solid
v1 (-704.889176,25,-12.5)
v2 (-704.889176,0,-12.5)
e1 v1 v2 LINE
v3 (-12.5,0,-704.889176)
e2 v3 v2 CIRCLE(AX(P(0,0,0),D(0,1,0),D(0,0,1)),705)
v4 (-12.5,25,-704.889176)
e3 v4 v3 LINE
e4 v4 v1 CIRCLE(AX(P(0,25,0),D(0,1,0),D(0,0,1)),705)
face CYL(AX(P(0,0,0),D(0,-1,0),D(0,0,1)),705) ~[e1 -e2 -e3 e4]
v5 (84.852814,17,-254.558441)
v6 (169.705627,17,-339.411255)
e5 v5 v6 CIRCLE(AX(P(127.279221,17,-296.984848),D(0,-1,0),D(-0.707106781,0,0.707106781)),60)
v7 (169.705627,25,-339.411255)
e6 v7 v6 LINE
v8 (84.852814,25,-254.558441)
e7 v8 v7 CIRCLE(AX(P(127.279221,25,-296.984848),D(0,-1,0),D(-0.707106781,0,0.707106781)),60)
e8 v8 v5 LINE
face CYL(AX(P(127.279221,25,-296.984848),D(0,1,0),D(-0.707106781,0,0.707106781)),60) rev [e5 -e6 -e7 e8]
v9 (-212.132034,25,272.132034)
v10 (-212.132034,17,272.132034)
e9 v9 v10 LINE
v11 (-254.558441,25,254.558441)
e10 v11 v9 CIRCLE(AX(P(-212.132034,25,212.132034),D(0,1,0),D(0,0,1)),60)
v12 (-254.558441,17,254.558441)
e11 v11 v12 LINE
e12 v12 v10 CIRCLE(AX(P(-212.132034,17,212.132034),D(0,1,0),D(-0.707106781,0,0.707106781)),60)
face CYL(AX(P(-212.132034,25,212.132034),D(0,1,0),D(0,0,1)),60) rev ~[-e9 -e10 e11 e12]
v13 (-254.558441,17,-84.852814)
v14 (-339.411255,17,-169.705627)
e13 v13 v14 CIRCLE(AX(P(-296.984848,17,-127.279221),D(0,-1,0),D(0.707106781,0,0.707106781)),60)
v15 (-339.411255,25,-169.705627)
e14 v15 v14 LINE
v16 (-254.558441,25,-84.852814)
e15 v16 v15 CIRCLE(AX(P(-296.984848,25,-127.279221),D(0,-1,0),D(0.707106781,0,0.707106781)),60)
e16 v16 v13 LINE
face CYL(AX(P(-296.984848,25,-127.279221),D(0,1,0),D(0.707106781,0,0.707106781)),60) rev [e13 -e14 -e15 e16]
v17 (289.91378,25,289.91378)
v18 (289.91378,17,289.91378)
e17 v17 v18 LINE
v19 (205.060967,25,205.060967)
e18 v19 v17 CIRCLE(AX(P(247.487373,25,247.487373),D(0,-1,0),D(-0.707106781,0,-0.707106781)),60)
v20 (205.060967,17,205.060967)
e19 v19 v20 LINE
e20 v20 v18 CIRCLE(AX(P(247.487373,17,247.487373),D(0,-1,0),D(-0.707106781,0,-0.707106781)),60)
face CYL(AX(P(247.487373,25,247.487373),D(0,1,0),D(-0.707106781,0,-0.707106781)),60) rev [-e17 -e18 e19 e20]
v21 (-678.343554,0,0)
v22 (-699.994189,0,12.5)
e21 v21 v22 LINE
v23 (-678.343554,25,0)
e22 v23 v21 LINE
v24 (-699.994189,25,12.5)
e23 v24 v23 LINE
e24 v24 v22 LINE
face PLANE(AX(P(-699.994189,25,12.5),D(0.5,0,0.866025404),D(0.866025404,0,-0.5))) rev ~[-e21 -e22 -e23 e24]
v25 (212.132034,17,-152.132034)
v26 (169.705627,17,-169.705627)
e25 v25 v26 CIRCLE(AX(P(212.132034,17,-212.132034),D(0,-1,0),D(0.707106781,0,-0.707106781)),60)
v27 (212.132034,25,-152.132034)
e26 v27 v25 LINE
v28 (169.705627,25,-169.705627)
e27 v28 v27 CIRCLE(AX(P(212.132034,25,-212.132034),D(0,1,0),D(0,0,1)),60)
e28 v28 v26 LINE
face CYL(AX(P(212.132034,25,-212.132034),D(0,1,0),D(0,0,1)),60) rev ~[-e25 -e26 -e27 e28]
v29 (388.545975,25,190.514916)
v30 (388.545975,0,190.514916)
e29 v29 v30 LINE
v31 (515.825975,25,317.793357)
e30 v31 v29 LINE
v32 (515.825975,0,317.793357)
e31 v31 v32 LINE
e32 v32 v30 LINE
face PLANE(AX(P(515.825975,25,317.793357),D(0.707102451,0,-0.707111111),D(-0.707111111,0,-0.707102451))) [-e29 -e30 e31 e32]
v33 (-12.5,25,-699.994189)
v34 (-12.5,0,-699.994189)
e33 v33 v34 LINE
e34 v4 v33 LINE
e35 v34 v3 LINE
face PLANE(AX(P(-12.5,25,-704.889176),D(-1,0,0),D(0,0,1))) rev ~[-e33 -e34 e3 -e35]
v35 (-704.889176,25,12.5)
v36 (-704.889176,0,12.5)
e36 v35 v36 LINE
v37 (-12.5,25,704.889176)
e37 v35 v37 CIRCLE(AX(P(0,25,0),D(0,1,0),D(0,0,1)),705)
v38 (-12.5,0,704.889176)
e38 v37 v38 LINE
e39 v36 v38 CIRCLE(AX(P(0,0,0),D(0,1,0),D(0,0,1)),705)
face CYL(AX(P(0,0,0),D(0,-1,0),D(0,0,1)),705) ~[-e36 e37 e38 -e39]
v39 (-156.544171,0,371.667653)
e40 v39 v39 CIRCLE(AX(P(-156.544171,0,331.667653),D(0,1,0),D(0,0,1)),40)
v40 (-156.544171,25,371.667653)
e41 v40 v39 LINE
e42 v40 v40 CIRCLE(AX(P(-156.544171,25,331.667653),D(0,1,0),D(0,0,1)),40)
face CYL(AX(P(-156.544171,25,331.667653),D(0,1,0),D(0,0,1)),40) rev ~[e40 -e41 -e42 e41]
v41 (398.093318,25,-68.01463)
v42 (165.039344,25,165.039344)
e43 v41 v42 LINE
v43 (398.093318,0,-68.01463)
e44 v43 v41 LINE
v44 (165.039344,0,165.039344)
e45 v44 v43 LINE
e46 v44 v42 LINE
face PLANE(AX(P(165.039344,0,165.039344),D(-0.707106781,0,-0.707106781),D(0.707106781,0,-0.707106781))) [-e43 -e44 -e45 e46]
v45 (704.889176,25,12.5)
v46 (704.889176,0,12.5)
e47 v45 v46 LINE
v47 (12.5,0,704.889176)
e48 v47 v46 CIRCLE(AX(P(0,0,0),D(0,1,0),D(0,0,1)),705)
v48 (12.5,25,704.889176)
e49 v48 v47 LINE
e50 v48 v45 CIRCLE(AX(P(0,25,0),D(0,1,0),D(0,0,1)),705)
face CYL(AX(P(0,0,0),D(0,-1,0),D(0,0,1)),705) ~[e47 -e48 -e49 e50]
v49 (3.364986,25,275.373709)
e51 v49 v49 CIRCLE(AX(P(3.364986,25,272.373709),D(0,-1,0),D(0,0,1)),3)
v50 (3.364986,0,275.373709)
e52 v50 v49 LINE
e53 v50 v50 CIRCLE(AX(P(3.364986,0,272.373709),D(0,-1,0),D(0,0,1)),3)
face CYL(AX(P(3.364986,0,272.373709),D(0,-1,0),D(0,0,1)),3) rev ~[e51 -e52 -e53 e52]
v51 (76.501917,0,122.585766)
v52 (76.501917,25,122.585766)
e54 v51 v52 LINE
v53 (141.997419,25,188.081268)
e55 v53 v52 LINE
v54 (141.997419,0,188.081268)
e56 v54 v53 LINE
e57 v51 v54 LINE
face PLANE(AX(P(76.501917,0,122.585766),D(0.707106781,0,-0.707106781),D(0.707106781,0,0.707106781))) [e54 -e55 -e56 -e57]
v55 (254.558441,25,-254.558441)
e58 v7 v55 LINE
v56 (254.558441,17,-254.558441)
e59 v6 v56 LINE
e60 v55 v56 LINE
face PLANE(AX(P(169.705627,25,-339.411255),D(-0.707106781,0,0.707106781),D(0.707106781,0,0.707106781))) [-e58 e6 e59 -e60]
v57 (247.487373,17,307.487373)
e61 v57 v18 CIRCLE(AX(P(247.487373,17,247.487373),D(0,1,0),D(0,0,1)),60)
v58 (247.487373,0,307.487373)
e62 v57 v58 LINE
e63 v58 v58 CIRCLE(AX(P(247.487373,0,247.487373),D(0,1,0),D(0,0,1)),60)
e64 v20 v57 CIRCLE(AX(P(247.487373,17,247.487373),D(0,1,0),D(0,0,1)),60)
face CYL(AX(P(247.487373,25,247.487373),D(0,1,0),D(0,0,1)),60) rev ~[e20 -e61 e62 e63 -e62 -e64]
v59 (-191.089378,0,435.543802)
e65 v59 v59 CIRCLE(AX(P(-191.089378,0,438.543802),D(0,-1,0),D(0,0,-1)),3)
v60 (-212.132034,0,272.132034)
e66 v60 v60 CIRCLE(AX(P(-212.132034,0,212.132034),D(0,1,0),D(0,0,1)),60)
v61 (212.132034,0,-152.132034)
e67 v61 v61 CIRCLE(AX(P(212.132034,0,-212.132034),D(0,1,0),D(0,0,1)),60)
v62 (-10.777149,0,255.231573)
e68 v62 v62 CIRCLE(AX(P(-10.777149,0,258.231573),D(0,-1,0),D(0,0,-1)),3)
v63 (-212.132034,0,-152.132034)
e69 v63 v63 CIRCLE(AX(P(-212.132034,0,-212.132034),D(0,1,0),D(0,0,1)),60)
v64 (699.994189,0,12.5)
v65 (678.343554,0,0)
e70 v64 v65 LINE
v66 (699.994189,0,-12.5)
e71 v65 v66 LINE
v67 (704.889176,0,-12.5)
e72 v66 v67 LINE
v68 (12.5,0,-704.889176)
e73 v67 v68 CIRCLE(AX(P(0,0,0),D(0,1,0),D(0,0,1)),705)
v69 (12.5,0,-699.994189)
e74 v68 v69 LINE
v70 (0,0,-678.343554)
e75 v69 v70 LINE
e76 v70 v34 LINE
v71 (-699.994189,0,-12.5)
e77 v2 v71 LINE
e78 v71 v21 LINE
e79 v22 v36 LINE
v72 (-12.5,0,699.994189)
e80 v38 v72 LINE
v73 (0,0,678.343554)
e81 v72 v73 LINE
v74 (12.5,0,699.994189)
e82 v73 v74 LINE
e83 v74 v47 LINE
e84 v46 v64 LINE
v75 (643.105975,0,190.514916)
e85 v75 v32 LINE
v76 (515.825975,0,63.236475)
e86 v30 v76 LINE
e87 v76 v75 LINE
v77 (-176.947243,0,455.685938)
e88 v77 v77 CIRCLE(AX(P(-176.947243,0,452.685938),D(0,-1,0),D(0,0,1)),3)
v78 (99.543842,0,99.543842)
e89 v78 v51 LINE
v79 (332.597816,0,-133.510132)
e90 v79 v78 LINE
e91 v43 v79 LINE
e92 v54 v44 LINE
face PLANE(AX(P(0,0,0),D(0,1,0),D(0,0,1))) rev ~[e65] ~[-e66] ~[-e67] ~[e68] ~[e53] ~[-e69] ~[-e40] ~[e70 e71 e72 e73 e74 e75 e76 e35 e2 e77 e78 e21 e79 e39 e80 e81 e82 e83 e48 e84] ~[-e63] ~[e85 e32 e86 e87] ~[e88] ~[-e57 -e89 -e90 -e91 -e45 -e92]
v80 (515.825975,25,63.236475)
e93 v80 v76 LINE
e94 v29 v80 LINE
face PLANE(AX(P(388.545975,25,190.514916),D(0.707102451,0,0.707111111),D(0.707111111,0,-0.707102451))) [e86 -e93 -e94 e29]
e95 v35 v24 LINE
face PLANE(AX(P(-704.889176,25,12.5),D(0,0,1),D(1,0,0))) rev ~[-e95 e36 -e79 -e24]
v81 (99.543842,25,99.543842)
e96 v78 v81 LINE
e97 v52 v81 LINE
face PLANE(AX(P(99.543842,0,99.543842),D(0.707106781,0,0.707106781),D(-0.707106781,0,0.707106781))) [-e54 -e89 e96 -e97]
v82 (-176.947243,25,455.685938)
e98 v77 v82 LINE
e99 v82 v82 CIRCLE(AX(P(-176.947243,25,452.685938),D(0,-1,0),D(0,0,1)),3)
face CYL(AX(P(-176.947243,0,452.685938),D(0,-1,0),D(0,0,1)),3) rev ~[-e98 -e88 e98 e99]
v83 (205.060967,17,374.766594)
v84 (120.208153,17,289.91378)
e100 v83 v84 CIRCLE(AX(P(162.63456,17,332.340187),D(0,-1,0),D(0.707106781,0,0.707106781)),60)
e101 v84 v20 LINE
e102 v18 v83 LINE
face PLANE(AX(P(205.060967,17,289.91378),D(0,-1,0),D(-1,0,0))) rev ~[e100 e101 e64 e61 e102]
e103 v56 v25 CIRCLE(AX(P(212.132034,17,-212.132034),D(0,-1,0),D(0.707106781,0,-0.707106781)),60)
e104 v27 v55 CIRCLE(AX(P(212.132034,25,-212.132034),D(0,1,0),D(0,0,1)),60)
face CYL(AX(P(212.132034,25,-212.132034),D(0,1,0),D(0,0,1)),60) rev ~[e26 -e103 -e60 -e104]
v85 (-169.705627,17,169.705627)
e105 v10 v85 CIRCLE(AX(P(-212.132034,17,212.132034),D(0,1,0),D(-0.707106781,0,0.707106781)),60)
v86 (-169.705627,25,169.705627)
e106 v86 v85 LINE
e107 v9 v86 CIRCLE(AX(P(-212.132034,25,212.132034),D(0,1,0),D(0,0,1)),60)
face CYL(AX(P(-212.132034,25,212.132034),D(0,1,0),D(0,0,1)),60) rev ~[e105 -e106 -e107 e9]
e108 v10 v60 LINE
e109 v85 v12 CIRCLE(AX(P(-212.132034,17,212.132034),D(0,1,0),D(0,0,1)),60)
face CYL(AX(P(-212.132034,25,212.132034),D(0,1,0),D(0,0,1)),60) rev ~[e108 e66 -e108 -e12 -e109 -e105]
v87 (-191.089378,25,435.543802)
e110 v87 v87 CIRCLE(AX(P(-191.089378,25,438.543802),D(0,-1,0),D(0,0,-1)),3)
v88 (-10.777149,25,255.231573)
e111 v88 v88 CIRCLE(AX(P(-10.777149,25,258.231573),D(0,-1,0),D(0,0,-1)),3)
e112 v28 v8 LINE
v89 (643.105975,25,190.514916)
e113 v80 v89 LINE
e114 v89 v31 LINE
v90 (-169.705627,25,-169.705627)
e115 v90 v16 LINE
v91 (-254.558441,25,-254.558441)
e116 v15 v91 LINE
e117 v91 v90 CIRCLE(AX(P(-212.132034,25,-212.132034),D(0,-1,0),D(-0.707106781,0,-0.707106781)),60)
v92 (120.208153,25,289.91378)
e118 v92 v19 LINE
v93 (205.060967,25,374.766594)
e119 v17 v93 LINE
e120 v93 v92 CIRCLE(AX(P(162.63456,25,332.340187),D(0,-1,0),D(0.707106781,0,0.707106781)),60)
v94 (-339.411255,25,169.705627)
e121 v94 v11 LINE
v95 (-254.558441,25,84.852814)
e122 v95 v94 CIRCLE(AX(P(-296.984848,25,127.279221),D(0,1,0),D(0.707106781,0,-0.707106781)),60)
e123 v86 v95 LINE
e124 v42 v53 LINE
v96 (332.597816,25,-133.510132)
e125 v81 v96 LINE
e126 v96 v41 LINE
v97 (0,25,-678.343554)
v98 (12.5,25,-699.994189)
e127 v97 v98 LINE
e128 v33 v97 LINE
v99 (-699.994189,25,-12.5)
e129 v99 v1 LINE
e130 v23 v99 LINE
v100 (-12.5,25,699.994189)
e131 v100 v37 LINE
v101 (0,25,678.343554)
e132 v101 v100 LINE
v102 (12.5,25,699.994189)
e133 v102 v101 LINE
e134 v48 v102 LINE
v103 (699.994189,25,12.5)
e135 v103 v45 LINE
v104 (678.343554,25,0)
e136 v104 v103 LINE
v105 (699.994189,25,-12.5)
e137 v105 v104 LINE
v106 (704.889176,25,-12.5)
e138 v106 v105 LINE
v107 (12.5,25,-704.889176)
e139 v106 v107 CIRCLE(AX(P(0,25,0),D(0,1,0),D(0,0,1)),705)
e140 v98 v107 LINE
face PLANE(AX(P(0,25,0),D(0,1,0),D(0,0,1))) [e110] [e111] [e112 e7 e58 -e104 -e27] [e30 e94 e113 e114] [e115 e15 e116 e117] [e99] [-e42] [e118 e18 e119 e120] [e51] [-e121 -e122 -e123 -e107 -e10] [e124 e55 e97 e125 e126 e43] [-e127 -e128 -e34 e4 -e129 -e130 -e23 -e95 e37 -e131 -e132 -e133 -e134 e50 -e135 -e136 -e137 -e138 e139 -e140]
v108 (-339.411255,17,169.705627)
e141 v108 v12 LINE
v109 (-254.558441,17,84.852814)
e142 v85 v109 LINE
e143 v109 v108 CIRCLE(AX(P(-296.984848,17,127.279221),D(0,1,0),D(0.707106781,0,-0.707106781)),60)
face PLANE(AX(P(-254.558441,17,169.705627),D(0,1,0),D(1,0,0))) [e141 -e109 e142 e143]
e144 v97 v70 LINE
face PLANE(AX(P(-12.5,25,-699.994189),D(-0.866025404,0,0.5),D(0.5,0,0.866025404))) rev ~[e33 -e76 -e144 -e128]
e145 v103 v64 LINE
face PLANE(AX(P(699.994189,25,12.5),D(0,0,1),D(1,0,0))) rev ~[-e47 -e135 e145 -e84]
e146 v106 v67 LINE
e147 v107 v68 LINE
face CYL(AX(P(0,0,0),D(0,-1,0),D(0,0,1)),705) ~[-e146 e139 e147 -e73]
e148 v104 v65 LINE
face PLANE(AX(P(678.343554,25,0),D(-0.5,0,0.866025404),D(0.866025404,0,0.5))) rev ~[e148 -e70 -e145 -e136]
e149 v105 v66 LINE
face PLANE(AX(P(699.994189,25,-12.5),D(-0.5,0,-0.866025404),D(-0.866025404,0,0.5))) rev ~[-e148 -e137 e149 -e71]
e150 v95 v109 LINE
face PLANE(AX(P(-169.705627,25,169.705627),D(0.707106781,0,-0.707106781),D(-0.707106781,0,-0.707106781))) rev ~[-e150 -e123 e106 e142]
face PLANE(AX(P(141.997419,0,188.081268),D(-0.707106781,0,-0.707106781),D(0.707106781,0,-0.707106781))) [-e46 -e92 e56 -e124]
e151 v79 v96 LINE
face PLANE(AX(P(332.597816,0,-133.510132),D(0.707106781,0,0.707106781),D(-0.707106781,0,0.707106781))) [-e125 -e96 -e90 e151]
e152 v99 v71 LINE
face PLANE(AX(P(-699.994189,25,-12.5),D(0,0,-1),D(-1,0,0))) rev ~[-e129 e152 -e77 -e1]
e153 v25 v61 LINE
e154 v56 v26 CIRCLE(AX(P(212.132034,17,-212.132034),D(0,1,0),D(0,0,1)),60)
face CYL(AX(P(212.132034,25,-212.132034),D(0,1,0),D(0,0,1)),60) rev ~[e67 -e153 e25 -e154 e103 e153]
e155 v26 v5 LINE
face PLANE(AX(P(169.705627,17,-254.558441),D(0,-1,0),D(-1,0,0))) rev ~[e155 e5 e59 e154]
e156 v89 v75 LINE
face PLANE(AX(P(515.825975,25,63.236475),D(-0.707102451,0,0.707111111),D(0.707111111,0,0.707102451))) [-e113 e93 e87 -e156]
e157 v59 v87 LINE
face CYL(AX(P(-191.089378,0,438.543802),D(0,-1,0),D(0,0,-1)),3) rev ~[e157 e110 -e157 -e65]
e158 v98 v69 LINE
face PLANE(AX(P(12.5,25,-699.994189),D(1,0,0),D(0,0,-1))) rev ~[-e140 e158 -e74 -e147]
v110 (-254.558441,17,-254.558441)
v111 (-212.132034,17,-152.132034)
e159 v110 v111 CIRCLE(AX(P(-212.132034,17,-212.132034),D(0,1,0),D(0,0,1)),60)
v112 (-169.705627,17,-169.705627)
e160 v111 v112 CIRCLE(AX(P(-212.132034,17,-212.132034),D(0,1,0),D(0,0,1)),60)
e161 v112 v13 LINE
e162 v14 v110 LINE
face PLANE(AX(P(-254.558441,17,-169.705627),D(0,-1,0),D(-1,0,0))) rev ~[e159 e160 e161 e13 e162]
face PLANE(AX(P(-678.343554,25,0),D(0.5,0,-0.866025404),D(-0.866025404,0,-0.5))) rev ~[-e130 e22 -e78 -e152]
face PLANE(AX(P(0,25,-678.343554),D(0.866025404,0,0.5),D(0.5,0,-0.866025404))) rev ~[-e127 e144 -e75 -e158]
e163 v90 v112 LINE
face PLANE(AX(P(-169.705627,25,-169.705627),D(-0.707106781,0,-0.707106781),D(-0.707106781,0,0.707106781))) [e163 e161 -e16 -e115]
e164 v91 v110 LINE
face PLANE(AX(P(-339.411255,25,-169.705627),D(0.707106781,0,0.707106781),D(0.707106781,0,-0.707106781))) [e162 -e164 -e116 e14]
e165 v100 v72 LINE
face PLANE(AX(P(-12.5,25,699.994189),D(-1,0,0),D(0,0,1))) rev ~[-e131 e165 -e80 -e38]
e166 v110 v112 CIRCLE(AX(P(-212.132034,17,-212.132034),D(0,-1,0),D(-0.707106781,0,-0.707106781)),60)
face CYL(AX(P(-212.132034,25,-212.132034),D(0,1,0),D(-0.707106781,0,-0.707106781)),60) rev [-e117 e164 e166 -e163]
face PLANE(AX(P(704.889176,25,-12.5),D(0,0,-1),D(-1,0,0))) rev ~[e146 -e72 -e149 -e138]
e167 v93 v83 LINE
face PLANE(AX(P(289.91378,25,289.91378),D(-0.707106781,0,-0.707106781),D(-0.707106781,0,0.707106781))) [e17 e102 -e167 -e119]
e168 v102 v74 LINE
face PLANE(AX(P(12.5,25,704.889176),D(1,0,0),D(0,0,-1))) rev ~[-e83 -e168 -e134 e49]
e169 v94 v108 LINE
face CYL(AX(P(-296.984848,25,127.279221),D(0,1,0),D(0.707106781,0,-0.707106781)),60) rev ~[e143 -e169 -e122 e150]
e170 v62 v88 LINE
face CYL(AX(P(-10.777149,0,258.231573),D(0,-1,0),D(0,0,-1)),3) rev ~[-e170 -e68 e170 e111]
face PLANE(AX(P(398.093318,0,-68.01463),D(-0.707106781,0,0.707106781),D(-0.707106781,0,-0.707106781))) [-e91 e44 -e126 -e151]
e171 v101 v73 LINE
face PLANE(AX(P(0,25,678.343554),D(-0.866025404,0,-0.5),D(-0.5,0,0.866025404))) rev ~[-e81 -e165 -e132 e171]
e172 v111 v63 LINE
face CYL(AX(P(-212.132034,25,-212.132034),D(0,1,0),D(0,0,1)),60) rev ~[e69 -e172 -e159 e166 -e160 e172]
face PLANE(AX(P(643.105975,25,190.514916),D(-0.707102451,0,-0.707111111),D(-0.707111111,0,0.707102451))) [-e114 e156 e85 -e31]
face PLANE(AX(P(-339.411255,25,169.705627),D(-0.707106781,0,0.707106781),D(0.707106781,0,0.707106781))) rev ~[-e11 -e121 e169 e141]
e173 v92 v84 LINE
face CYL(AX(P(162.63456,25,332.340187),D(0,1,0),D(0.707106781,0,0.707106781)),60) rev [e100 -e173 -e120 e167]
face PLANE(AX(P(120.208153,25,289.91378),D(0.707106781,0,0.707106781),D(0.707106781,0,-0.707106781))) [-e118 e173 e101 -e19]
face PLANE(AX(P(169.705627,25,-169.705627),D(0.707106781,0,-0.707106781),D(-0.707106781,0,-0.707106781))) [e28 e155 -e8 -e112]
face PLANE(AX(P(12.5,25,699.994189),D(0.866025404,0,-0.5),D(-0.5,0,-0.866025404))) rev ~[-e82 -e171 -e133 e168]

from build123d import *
from build123d.topology import SkipClean

# Parameters (mm, degrees)
SKETCH_1_R               = 705
EXTRUDE_1_DEPTH          = 25
CUT_EXTRUDE_1_REACH      = 999.334
PATTERN_CIRCULAR_1_COUNT = 4
CUT_EXTRUDE_2_REACH      = 999.177
SKETCH_8_R               = 60
CUT_EXTRUDE_3_DEPTH      = 998.177266087
CUT_EXTRUDE_7_DEPTH      = 998.177266087
CUT_EXTRUDE_8_DEPTH      = 998.177266087
SKETCH_18_R              = 40
CUT_EXTRUDE_13_DEPTH     = 998.177266087
SKETCH_19_R              = 3
CUT_EXTRUDE_14_DEPTH     = 100
CUT_EXTRUDE_15_DEPTH     = 8


with BuildPart() as part:
    # 草图1 → 凸台-拉伸1 (new body)
    with BuildSketch(Plane(origin=(0, 0, 0), x_dir=(1, 0, 0), z_dir=(0, 1, 0))):
        with Locations(Location((0, 0, 0), (0, 0, 270))):
            Circle(SKETCH_1_R)
    extrude(amount=EXTRUDE_1_DEPTH)

    # 草图2 → 切除-拉伸1 (cut, up to next)
    with BuildSketch(Plane(origin=(0, 25, 0), x_dir=(1, 0, 0), z_dir=(0, 1, 0)), mode=Mode.PRIVATE) as cut_extrude_1_sk1:
        with BuildLine():
            Line((-12.5, -699.994189271), (-12.5, -704.889175687))
            ThreePointArc((-12.5, -704.889175687), (0, -705), (12.5, -704.889175687))
            Line((12.5, -704.889175687), (12.5, -699.994189271))
            Line((12.5, -699.994189271), (0, -678.343554177))
            Line((0, -678.343554177), (-12.5, -699.994189271))
        make_face()
    cut_extrude_1_tool1 = extrude(cut_extrude_1_sk1.sketch, amount=-CUT_EXTRUDE_1_REACH, mode=Mode.PRIVATE) & part.part
    cut_extrude_1 = cut_extrude_1_tool1.solids().sort_by_distance((0, 25, 695.82939))[0]
    add(cut_extrude_1, mode=Mode.SUBTRACT)

    # 阵列(圆周)1: 切除-拉伸1 ×4 about axis
    pattern_circular_1_axis = Axis((0, 0, 0), (0, 1, 0))
    for i in range(1, PATTERN_CIRCULAR_1_COUNT):
        add(cut_extrude_1.rotate(pattern_circular_1_axis, i * 360 / PATTERN_CIRCULAR_1_COUNT), mode=Mode.SUBTRACT)

    # 草图8 → 切除-拉伸2 (cut, up to next)
    with BuildSketch(Plane(origin=(0, 25, 0), x_dir=(1, 0, 0), z_dir=(0, 1, 0)), mode=Mode.PRIVATE) as cut_extrude_2_sk1:
        with Locations(Location((247.487373415, -247.487373415, 0), (0, 0, 270))):
            Circle(SKETCH_8_R)
    cut_extrude_2_tool1 = extrude(cut_extrude_2_sk1.sketch, amount=-CUT_EXTRUDE_2_REACH, mode=Mode.PRIVATE) & part.part
    # 草图8 → 切除-拉伸2 (cut, up to next)
    with BuildSketch(Plane(origin=(0, 25, 0), x_dir=(1, 0, 0), z_dir=(0, 1, 0)), mode=Mode.PRIVATE) as cut_extrude_2_sk2:
        with Locations(Location((-212.132034356, -212.132034356, 0), (0, 0, 270))):
            Circle(SKETCH_8_R)
    cut_extrude_2_tool2 = extrude(cut_extrude_2_sk2.sketch, amount=-CUT_EXTRUDE_2_REACH, mode=Mode.PRIVATE) & part.part
    # 草图8 → 切除-拉伸2 (cut, up to next)
    with BuildSketch(Plane(origin=(0, 25, 0), x_dir=(1, 0, 0), z_dir=(0, 1, 0)), mode=Mode.PRIVATE) as cut_extrude_2_sk3:
        with Locations(Location((-212.132034356, 212.132034356, 0), (0, 0, 270))):
            Circle(SKETCH_8_R)
    cut_extrude_2_tool3 = extrude(cut_extrude_2_sk3.sketch, amount=-CUT_EXTRUDE_2_REACH, mode=Mode.PRIVATE) & part.part
    # 草图8 → 切除-拉伸2 (cut, up to next)
    with BuildSketch(Plane(origin=(0, 25, 0), x_dir=(1, 0, 0), z_dir=(0, 1, 0)), mode=Mode.PRIVATE) as cut_extrude_2_sk4:
        with Locations(Location((212.132034356, 212.132034356, 0), (0, 0, 270))):
            Circle(SKETCH_8_R)
    cut_extrude_2_tool4 = extrude(cut_extrude_2_sk4.sketch, amount=-CUT_EXTRUDE_2_REACH, mode=Mode.PRIVATE) & part.part
    add(cut_extrude_2_tool1.solids().sort_by_distance((247.487373, 25, 247.487373))[0], mode=Mode.SUBTRACT)
    add(cut_extrude_2_tool2.solids().sort_by_distance((-212.132034, 25, 212.132034))[0], mode=Mode.SUBTRACT)
    add(cut_extrude_2_tool3.solids().sort_by_distance((-212.132034, 25, -212.132034))[0], mode=Mode.SUBTRACT)
    add(cut_extrude_2_tool4.solids().sort_by_distance((212.132034, 25, -212.132034))[0], mode=Mode.SUBTRACT)

    # 草图9 → 切除-拉伸3 (cut, through all)
    with BuildSketch(Plane(origin=(0, 25, 0), x_dir=(1, 0, 0), z_dir=(0, 1, 0))):
        Polygon((388.545974556, -190.514916099), (515.825974556, -63.236474876), (643.105974556, -190.514916099), (515.825974556, -317.793357321), align=None)
    extrude(amount=-CUT_EXTRUDE_3_DEPTH, mode=Mode.SUBTRACT)

    # 草图13 → 切除-拉伸7 (cut, through all)
    with BuildSketch(Plane.XZ):
        Polygon((165.039343844, 165.039343844), (398.093317994, -68.014630305), (332.597815836, -133.510132463), (99.543841687, 99.543841687), align=None)
    extrude(amount=-CUT_EXTRUDE_7_DEPTH, mode=Mode.SUBTRACT)

    # 草图14 → 切除-拉伸8 (cut, through all)
    with BuildSketch(Plane.XZ):
        Polygon((165.039343844, 165.039343844), (99.543841687, 99.543841687), (76.501917102, 122.585766271), (141.99741926, 188.081268429), align=None)
    extrude(amount=-CUT_EXTRUDE_8_DEPTH, mode=Mode.SUBTRACT)

    # 草图18 → 切除-拉伸13 (cut, through all)
    with BuildSketch(Plane(origin=(0, 25, 0), x_dir=(1, 0, 0), z_dir=(0, 1, 0))):
        with Locations(Location((-156.54417142, -331.667653242, 0), (0, 0, 270))):
            Circle(SKETCH_18_R)
    extrude(amount=-CUT_EXTRUDE_13_DEPTH, mode=Mode.SUBTRACT)

    # 草图19 → 切除-拉伸14 (cut)
    with BuildSketch(Plane.XZ):
        with Locations(Location((-10.777149233, 258.231573261, 0), (0, 0, 270))):
            Circle(SKETCH_19_R)
        with Locations(Location((-191.089378436, 438.543802464, 0), (0, 0, 270))):
            Circle(SKETCH_19_R)
        with Locations(Location((3.36498639, 272.373708885, 0), (0, 0, 90))):
            Circle(SKETCH_19_R)
        with Locations(Location((-176.947242812, 452.685938088, 0), (0, 0, 90))):
            Circle(SKETCH_19_R)
    extrude(amount=-CUT_EXTRUDE_14_DEPTH, mode=Mode.SUBTRACT)

    # 草图20 → 切除-拉伸15 (cut)
    with SkipClean():  # the faces are left unmerged after this step: merging them gives an invalid solid
        with BuildSketch(Plane(origin=(0, 25, 0), x_dir=(1, 0, 0), z_dir=(0, 1, 0))):
            with BuildLine():
                Line((169.705627485, 169.705627485), (84.852813742, 254.558441227))
                ThreePointArc((84.852813742, 254.558441227), (84.852813742, 339.41125497), (169.705627485, 339.41125497))
                Line((169.705627485, 339.41125497), (254.558441227, 254.558441227))
                ThreePointArc((254.558441227, 254.558441227), (254.558441227, 169.705627485), (169.705627485, 169.705627485))
            make_face()
            with BuildLine():
                Line((-169.705627485, -169.705627485), (-254.558441227, -84.852813742))
                ThreePointArc((-254.558441227, -84.852813742), (-339.41125497, -84.852813742), (-339.41125497, -169.705627485))
                Line((-339.41125497, -169.705627485), (-254.558441227, -254.558441227))
                ThreePointArc((-254.558441227, -254.558441227), (-169.705627485, -254.558441227), (-169.705627485, -169.705627485))
            make_face()
            with BuildLine():
                Line((-169.705627485, 169.705627485), (-254.558441227, 84.852813742))
                ThreePointArc((-254.558441227, 84.852813742), (-339.41125497, 84.852813742), (-339.41125497, 169.705627485))
                Line((-339.41125497, 169.705627485), (-254.558441227, 254.558441227))
                ThreePointArc((-254.558441227, 254.558441227), (-169.705627485, 254.558441227), (-169.705627485, 169.705627485))
            make_face()
            with BuildLine():
                Line((289.913780286, -289.913780286), (205.060966544, -374.766594029))
                ThreePointArc((205.060966544, -374.766594029), (120.208152802, -374.766594029), (120.208152802, -289.913780286))
                Line((120.208152802, -289.913780286), (205.060966544, -205.060966544))
                ThreePointArc((205.060966544, -205.060966544), (289.913780286, -205.060966544), (289.913780286, -289.913780286))
            make_face()
        extrude(amount=-CUT_EXTRUDE_15_DEPTH, mode=Mode.SUBTRACT)


solid = part.part
